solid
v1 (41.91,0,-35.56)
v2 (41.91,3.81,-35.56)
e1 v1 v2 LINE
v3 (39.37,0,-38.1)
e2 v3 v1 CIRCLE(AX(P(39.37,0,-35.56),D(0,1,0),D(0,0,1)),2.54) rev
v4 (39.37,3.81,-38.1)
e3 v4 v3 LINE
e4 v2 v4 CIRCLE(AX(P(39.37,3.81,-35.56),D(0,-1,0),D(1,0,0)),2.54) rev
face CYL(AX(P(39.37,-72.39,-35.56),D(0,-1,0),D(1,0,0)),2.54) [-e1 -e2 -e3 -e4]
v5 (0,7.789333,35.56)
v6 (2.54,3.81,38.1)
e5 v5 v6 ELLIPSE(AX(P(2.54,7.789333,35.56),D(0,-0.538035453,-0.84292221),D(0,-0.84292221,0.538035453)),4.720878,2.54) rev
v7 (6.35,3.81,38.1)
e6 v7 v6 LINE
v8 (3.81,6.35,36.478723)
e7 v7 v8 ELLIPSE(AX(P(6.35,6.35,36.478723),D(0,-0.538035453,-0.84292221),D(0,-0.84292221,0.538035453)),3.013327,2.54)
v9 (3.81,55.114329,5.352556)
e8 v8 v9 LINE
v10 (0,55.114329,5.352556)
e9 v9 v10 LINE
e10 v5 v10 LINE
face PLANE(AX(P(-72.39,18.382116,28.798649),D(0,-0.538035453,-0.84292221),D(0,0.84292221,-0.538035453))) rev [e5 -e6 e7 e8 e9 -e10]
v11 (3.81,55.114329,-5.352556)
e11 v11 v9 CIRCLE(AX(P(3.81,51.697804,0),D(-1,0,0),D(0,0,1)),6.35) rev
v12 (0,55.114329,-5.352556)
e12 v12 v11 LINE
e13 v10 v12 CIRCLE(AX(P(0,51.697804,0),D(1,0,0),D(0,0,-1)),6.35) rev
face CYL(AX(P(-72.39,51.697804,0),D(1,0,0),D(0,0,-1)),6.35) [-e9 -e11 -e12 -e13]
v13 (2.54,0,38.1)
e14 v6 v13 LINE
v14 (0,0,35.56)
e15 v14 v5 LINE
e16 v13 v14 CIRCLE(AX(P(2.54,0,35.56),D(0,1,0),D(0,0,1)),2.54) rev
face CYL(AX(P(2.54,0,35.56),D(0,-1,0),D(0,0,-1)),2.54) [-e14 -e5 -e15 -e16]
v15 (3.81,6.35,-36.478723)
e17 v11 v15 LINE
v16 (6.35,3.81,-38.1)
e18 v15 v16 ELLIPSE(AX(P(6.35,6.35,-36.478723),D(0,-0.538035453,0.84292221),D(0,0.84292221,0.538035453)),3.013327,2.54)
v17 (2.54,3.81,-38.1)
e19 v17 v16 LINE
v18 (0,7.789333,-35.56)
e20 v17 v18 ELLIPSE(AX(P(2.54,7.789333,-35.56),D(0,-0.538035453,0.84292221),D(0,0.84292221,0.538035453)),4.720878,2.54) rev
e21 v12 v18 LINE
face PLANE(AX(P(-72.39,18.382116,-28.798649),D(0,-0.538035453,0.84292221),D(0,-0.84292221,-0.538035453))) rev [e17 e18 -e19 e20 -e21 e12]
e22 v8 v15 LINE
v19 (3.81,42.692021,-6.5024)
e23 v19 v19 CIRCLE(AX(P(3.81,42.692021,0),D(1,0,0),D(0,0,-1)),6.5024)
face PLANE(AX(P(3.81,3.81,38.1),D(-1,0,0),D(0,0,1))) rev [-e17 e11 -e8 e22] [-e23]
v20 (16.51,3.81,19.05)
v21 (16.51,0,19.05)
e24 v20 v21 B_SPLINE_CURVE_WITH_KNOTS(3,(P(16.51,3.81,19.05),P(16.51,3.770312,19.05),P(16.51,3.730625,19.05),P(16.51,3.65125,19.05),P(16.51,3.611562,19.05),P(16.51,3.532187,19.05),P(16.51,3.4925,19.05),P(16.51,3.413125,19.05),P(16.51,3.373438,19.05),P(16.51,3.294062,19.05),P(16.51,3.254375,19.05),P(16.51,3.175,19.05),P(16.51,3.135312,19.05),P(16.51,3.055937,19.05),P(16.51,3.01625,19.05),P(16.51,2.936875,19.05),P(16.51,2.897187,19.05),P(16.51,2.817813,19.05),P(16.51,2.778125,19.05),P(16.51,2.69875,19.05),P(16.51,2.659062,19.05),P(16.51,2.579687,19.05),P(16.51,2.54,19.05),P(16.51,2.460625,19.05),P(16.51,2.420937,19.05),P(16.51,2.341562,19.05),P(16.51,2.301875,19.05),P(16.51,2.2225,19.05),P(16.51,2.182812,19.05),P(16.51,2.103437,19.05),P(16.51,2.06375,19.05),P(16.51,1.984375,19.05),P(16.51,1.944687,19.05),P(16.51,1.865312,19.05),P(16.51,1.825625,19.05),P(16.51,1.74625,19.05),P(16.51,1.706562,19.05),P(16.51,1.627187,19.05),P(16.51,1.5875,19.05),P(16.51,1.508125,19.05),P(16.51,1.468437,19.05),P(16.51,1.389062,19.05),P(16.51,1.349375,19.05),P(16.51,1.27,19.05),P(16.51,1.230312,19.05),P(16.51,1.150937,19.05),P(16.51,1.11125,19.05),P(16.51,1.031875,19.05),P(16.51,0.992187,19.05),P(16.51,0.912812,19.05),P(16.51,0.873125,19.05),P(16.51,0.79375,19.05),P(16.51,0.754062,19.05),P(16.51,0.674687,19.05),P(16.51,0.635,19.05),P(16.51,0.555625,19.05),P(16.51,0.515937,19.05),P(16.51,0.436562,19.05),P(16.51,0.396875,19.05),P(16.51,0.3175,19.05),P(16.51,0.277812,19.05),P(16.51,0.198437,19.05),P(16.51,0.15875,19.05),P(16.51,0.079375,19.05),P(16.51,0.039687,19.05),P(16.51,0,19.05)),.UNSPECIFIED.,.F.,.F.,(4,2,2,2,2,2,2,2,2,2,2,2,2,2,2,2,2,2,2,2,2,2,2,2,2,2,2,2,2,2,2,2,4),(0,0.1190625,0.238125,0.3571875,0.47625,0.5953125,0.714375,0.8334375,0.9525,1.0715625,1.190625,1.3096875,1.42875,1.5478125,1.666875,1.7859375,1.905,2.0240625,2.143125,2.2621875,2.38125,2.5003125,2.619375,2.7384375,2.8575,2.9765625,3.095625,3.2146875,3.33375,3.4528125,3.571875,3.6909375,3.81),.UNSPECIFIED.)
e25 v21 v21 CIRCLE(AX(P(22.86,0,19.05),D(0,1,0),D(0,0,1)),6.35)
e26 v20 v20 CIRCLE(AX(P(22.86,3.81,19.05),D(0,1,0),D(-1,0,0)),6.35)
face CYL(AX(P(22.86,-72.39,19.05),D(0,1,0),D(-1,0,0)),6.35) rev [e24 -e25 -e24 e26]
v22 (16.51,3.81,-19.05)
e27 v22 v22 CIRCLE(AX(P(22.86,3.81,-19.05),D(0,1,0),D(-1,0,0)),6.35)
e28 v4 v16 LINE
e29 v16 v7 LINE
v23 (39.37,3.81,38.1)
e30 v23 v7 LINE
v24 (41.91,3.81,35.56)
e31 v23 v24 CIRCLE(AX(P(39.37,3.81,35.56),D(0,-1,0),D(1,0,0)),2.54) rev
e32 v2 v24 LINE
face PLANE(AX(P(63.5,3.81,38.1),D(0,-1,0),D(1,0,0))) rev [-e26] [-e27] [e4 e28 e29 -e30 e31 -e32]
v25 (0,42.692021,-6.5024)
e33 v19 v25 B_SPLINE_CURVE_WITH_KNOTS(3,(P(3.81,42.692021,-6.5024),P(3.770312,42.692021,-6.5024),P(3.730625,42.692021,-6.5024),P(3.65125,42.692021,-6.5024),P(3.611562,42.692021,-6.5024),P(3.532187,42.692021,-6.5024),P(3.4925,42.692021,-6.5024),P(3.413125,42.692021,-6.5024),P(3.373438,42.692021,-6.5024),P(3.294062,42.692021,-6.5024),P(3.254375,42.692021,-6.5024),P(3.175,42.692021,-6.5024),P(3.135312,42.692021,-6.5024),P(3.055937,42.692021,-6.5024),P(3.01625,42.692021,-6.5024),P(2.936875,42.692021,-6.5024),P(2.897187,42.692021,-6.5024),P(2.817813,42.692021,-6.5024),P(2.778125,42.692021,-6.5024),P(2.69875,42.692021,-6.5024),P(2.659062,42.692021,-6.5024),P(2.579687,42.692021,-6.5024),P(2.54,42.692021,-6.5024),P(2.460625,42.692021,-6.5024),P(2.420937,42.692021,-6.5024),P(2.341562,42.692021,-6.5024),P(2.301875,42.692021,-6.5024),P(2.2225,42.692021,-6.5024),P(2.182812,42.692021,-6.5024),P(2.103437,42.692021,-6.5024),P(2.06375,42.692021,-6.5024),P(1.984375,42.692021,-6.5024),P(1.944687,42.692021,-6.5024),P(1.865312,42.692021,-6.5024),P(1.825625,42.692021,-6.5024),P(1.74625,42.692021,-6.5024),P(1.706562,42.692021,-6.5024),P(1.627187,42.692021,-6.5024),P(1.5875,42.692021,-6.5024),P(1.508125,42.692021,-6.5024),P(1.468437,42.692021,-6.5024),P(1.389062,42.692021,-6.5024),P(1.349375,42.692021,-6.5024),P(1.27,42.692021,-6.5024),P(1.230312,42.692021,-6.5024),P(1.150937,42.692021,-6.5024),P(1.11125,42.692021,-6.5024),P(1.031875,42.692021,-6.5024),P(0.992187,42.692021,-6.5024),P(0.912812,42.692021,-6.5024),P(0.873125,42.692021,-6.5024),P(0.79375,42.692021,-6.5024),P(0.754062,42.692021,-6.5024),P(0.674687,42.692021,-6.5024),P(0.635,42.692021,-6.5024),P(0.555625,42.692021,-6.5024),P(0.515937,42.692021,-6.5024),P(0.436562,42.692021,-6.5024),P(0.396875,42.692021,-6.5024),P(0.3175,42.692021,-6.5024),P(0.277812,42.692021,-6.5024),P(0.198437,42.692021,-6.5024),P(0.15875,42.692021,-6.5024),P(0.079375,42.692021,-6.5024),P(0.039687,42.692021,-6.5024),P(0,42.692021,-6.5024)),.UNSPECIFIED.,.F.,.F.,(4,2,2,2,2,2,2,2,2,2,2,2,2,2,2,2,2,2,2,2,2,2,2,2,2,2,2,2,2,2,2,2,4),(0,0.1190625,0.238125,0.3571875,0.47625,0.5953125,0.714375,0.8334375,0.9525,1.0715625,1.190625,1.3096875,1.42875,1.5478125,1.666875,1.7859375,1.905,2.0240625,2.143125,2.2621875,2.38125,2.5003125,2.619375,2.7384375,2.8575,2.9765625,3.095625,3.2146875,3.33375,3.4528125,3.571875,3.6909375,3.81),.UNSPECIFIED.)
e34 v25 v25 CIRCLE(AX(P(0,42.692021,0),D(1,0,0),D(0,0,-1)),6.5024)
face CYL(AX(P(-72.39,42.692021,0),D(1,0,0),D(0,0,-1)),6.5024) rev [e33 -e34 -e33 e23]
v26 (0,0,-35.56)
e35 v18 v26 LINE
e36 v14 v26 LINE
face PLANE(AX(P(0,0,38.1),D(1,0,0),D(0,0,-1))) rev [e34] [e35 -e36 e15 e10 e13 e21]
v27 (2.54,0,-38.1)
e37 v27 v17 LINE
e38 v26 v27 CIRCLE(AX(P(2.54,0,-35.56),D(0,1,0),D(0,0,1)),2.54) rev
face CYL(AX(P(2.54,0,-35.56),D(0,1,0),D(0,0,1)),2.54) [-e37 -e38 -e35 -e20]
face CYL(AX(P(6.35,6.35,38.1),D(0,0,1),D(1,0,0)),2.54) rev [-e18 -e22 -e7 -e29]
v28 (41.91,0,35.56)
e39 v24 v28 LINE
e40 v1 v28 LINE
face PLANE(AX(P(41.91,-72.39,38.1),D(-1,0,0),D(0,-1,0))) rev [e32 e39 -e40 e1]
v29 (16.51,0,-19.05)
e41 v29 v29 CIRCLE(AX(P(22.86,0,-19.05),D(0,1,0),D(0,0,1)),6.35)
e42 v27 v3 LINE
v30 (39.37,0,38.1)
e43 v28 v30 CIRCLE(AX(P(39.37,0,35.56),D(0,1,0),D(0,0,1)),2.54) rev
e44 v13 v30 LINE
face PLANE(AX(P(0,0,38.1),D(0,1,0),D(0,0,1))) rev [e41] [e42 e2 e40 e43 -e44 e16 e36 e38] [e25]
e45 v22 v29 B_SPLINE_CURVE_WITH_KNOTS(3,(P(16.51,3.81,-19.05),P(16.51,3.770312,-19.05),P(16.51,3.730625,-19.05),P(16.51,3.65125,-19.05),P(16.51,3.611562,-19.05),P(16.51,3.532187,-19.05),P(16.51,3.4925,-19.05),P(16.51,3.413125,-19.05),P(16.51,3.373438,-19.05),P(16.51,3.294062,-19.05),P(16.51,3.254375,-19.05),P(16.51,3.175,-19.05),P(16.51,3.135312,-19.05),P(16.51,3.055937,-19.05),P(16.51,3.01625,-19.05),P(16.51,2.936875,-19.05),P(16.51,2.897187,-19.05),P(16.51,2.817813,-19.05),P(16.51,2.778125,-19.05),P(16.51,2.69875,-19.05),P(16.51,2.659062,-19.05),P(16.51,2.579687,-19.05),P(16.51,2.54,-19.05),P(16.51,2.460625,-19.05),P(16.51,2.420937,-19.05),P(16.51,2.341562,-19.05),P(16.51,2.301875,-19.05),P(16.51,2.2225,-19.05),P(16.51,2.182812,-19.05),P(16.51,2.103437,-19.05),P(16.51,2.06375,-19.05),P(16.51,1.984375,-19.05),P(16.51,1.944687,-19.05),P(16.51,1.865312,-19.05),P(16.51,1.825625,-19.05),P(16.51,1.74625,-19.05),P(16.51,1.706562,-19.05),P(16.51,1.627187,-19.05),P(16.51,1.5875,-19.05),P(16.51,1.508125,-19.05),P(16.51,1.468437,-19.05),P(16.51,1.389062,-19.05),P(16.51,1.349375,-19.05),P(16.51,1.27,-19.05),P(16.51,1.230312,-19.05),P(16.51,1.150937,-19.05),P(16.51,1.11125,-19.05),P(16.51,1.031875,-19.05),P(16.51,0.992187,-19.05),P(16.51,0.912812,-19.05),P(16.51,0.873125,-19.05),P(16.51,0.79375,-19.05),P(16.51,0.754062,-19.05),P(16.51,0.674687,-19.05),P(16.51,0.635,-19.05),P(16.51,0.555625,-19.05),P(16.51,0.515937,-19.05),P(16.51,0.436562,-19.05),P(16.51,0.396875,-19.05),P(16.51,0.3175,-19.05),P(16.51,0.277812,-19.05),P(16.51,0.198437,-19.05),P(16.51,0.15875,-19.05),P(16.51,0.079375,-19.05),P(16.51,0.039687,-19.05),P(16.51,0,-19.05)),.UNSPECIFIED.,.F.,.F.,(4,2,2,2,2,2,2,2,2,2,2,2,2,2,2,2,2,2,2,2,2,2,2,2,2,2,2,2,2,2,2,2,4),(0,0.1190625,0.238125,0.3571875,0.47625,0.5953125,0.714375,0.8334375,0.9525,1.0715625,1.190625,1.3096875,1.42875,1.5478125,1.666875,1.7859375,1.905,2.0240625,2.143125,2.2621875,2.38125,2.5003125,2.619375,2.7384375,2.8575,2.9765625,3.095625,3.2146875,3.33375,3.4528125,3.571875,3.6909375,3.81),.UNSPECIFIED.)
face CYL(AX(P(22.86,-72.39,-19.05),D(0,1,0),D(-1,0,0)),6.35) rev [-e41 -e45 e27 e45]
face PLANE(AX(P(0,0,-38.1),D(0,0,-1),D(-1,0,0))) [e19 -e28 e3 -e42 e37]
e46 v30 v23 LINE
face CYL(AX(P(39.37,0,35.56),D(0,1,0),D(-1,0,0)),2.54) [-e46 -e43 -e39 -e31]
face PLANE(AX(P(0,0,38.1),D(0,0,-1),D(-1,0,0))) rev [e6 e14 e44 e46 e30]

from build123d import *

# Parameters (mm, degrees)
BOSS_EXTRUDE1_DEPTH = 38.1
CUT_EXTRUDE2_DEPTH  = 76.2
FILLET1_R           = 6.35
SKETCH10_W          = 21.59
SKETCH10_H          = 76.2
CUT_EXTRUDE3_DEPTH  = 76.2
FILLET2_R           = 2.54
FILLET3_R           = 2.54
SKETCH11_R          = 6.5024
CUT_EXTRUDE4_DEPTH  = 76.2
SKETCH12_R          = 6.35
CUT_EXTRUDE5_DEPTH  = 76.2


with BuildPart() as part:
    # Sketch7 → Boss-Extrude1 (new, symmetric)
    with BuildSketch(Plane.XY):
        Polygon((0, 0), (0, 63.5), (3.81, 63.5), (3.81, 3.81), (63.5, 3.81), (63.5, 0), align=None)
    extrude(amount=BOSS_EXTRUDE1_DEPTH, both=True)

    # Sketch8 → Cut-Extrude2 (cut)
    with BuildSketch(Plane(origin=(3.81, 0, 0), x_dir=(0, 0, -1), z_dir=(1, 0, 0))):
        Polygon((-38.1, 63.5), (-38.1, 3.81), (0, 63.5), align=None)
        Polygon((38.1, 63.5), (0, 63.5), (38.1, 3.81), align=None)
    extrude(amount=-CUT_EXTRUDE2_DEPTH, mode=Mode.SUBTRACT)

    # Fillet1
    fillet1_edges = [part.edges().sort_by_distance(p)[0] for p in [
        (1.905, 63.5, 0),
    ]]
    fillet(fillet1_edges, radius=FILLET1_R)

    # Sketch10 → Cut-Extrude3 (cut)
    with BuildSketch(Plane(origin=(0, 3.81, 0), x_dir=(1, 0, 0), z_dir=(0, 1, 0))):
        with Locations((52.705, 0)):
            Rectangle(SKETCH10_W, SKETCH10_H)
    extrude(amount=-CUT_EXTRUDE3_DEPTH, mode=Mode.SUBTRACT)

    # Fillet2
    fillet2_edges = [part.edges().sort_by_distance(p)[0] for p in [
        (0, 1.905, 38.1),
        (0, 1.905, -38.1),
        (41.91, 1.905, -38.1),
        (41.91, 1.905, 38.1),
    ]]
    fillet(fillet2_edges, radius=FILLET2_R)

    # Fillet3
    fillet3_edges = [part.edges().sort_by_distance(p)[0] for p in [
        (3.81, 3.81, 0),
    ]]
    fillet(fillet3_edges, radius=FILLET3_R)

    # Sketch11 → Cut-Extrude4 (cut)
    with BuildSketch(Plane(origin=(3.81, 0, 0), x_dir=(0, 0, -1), z_dir=(1, 0, 0))):
        with Locations((0, 42.692021475)):
            Circle(SKETCH11_R)
    extrude(amount=-CUT_EXTRUDE4_DEPTH, mode=Mode.SUBTRACT)

    # Sketch12 → Cut-Extrude5 (cut)
    with BuildSketch(Plane(origin=(0, 3.81, 0), x_dir=(1, 0, 0), z_dir=(0, 1, 0))):
        with Locations(Location((22.86, 19.05, 0), (0, 0, 180))):
            Circle(SKETCH12_R)
        with Locations(Location((22.86, -19.05, 0), (0, 0, 180))):
            Circle(SKETCH12_R)
    extrude(amount=-CUT_EXTRUDE5_DEPTH, mode=Mode.SUBTRACT)


solid = part.part
